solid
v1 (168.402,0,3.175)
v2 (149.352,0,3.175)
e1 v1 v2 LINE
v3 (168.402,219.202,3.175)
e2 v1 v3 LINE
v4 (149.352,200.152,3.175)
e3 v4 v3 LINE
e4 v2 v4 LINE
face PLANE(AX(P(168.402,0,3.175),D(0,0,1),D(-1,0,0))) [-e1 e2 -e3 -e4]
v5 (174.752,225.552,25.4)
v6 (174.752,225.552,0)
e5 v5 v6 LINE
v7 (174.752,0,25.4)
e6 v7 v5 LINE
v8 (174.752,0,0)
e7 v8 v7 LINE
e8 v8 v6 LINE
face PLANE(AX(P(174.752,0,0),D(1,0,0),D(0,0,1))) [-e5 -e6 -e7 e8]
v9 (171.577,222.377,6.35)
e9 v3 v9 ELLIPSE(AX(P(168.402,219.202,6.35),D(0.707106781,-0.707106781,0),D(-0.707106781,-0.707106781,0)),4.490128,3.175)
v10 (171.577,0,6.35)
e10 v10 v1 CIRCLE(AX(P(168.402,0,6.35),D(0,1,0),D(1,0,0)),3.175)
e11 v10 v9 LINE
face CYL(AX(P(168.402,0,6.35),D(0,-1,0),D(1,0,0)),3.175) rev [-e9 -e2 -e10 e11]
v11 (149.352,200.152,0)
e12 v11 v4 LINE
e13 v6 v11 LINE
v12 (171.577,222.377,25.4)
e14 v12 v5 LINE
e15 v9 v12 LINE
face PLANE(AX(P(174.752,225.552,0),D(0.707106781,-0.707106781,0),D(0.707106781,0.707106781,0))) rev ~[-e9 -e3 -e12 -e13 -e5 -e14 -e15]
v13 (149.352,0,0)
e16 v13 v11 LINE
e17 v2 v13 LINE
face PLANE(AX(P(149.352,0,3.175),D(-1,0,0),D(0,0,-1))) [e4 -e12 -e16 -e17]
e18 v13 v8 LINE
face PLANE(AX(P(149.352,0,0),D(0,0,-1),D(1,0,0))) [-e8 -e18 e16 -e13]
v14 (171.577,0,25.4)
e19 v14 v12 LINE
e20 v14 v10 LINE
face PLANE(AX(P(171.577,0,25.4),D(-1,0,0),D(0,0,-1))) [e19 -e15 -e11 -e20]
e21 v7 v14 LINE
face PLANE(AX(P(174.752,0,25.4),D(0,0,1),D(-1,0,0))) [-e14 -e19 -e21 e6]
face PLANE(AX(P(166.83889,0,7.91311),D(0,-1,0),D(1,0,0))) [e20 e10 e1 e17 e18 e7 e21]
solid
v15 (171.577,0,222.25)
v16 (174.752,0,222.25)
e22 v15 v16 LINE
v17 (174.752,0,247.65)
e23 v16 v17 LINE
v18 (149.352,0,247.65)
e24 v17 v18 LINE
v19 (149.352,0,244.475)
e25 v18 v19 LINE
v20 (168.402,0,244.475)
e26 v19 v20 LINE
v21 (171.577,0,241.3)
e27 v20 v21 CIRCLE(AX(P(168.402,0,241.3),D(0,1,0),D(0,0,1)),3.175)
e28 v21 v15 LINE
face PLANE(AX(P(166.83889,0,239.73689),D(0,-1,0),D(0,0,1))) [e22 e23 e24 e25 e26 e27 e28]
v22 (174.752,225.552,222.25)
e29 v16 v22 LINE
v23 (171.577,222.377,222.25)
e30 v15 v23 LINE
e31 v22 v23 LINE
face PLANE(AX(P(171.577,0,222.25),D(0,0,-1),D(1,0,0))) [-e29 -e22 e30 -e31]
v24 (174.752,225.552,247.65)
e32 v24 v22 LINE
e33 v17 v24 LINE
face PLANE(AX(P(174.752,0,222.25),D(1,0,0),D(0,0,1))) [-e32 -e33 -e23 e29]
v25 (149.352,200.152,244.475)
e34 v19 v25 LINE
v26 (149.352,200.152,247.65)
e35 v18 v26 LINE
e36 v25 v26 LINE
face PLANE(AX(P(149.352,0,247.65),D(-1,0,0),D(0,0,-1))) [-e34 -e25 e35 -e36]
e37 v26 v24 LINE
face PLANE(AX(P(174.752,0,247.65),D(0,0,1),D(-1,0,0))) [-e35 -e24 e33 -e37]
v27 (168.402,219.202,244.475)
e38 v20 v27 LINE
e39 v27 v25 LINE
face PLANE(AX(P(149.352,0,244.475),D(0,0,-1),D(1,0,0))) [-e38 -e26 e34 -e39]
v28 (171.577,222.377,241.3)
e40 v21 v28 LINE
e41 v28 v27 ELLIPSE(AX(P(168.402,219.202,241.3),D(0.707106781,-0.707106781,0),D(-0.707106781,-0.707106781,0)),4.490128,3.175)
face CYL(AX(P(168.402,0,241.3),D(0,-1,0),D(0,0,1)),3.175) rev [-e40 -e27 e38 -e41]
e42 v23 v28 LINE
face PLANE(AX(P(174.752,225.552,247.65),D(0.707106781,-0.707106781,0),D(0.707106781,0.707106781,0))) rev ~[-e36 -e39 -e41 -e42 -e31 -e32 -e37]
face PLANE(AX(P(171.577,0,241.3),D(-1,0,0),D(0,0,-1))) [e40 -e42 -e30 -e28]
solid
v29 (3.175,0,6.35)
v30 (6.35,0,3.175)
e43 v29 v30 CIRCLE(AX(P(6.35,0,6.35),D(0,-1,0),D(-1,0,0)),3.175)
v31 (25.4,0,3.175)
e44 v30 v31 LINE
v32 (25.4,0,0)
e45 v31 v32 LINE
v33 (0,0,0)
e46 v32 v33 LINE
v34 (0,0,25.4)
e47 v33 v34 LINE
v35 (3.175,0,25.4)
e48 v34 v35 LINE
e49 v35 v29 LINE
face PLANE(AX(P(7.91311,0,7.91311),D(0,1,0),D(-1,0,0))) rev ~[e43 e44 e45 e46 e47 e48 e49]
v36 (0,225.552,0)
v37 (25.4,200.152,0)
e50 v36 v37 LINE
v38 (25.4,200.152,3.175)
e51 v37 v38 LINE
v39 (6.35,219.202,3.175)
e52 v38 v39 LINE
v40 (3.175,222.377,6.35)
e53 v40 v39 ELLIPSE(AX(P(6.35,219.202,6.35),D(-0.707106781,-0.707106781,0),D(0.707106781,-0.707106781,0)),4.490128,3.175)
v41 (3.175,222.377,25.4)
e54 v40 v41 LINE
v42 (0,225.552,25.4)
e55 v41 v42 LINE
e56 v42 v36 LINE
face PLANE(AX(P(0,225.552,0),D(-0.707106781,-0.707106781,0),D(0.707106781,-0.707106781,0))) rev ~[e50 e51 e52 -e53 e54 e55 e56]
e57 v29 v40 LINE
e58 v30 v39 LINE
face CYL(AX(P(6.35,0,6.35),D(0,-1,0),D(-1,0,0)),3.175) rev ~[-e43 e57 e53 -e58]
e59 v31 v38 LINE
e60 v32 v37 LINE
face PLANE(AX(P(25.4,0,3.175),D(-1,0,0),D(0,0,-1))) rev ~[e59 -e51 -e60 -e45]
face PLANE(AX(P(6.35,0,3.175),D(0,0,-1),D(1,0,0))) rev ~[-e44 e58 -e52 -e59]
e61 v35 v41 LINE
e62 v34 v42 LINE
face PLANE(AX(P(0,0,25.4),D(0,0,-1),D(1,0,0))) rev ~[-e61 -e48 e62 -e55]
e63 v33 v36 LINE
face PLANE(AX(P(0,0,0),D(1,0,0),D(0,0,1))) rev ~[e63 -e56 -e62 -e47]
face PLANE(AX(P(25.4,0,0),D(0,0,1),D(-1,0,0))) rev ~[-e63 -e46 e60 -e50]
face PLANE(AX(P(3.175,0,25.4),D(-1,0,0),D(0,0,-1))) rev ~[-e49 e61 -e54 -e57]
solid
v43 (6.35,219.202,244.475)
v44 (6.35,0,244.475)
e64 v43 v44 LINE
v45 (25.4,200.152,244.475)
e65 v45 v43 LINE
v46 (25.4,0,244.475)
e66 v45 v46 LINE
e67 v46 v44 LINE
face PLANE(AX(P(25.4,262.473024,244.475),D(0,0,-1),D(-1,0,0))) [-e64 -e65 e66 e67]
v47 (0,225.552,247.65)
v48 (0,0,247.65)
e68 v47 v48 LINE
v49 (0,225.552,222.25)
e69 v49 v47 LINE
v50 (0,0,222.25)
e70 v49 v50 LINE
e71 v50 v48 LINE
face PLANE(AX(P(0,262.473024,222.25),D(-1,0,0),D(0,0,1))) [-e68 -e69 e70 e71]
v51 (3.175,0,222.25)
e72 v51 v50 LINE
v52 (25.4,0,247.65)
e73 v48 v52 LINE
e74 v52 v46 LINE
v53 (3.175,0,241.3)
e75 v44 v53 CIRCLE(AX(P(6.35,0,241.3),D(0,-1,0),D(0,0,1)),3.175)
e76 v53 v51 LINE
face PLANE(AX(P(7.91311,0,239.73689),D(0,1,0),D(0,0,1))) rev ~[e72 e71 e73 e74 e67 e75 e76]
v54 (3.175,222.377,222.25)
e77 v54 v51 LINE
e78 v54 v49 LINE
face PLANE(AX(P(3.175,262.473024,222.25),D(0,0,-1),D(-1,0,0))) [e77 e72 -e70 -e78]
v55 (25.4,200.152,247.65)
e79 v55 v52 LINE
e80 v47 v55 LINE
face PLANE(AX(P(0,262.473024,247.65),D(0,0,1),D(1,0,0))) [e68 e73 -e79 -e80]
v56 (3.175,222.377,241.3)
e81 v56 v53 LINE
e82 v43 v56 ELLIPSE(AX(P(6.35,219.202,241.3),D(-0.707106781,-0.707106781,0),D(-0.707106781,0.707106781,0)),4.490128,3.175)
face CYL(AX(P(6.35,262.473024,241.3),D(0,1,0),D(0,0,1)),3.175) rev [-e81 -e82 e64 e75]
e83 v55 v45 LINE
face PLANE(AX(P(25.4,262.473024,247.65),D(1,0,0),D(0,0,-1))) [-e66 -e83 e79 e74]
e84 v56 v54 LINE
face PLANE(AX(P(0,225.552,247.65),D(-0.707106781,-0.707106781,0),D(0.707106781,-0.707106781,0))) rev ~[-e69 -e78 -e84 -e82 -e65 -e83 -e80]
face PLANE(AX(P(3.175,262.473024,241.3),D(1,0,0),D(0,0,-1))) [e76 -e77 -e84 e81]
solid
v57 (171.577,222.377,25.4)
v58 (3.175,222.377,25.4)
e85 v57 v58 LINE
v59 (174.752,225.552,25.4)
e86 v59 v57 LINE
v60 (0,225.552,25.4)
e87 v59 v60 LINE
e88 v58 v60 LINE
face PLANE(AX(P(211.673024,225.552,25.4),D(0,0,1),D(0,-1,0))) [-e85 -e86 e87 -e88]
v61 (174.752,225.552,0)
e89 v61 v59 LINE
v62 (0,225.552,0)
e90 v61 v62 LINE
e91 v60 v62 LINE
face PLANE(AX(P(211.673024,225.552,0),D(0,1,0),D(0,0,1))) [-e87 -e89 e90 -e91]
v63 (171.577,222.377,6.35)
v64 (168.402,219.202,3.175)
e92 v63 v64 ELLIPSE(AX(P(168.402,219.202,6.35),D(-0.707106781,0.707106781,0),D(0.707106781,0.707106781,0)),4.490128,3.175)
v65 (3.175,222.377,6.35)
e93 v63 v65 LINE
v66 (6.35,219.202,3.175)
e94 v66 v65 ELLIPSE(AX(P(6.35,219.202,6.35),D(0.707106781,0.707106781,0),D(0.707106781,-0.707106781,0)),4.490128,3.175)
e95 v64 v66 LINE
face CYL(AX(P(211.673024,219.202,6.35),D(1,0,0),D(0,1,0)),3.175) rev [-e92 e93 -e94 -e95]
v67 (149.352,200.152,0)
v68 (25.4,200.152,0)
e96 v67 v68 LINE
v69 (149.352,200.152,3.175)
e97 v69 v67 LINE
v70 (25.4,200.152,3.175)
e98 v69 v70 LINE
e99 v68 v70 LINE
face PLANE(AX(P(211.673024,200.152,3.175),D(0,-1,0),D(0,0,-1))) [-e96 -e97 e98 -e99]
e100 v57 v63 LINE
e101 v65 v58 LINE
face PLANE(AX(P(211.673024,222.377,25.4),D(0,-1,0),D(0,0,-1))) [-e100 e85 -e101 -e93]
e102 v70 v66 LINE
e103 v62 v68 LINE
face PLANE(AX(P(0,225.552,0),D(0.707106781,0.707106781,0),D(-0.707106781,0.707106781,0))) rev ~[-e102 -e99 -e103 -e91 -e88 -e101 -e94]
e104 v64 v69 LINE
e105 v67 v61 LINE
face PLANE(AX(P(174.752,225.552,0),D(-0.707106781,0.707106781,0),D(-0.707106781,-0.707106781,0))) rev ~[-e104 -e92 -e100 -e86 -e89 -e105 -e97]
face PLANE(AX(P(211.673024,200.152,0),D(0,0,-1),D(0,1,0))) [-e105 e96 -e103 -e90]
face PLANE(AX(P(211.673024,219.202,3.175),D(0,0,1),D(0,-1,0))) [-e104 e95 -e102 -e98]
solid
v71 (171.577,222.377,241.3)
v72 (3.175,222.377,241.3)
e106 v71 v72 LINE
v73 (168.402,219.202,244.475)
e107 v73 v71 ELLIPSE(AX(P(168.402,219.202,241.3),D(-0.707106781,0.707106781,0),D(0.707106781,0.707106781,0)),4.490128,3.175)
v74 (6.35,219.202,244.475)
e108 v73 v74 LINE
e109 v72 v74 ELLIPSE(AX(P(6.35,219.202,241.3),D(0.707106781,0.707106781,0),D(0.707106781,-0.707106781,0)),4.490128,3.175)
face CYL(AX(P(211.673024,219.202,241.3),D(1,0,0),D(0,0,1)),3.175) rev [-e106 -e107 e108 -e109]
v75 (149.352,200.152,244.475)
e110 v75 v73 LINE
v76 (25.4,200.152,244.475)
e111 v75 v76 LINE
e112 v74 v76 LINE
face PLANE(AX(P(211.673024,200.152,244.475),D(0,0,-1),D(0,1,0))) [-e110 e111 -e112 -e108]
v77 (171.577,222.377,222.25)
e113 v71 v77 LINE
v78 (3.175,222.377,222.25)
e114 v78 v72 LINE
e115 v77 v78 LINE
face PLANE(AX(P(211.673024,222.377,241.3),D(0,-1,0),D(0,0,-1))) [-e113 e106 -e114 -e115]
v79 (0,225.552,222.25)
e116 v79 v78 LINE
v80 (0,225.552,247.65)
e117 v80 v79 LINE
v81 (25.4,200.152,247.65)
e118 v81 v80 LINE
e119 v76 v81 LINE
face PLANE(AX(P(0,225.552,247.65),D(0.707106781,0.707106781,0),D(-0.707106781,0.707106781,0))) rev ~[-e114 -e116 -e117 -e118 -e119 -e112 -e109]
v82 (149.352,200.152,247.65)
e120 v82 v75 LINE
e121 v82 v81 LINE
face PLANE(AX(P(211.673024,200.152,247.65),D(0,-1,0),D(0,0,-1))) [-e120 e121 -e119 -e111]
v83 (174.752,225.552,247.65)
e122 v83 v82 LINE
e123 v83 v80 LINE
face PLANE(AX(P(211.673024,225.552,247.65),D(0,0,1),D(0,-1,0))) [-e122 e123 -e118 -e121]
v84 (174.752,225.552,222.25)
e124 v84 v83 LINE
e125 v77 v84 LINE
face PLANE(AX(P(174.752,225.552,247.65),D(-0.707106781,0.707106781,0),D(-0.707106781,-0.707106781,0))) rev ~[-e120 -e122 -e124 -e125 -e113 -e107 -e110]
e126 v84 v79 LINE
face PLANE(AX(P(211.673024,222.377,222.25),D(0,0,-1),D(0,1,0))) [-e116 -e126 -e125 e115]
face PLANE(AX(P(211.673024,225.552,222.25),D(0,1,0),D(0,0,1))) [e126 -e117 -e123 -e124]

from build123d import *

# Parameters (mm, degrees)
NGULO_DE_EXTREMOS_CUADRADOS_AL_LS_AL_LS_DEPTH       = 262.473024484
NGULO_DE_EXTREMOS_CUADRADOS_AL_LS_AL_3_DEPTH        = 248.594048969
NGULO_DE_EXTREMOS_CUADRADOS_AL_LS_AL_5_DEPTH        = 262.473024484
NGULO_DE_EXTREMOS_CUADRADOS_AL_LS_AL_6_DEPTH        = 262.473024484
NGULO_DE_EXTREMOS_CUADRADOS_AL_LS_AL_6_2_DEPTH      = 248.594048969
NGULO_DE_EXTREMOS_CUADRADOS_AL_LS_AL_6_3_DEPTH      = 36.921024484
NGULO_DE_EXTREMOS_CUADRADOS_AL_LS_AL_6_3_DEPTH_BACK = 225.552


with BuildPart() as part:
    # Sketch1 → ngulo de extremos cuadrados al ls AL LS (new body)
    with BuildSketch(Plane.XZ):
        with BuildLine():
            Line((0, 0), (0, 25.4))
            Line((0, 25.4), (3.175, 25.4))
            Line((3.175, 25.4), (3.175, 6.35))
            ThreePointArc((3.175, 6.35), (4.10493597, 4.10493597), (6.35, 3.175))
            Line((6.35, 3.175), (25.4, 3.175))
            Line((25.4, 3.175), (25.4, 0))
            Line((25.4, 0), (0, 0))
        make_face()
    extrude(amount=-NGULO_DE_EXTREMOS_CUADRADOS_AL_LS_AL_LS_DEPTH)

    # ngulo de extremos cuadrados al ls AL 2
    split(bisect_by=Plane(origin=(0, 225.552, 0), x_dir=(0.707106781, -0.707106781, 0), z_dir=(-0.707106781, -0.707106781, 0)), keep=Keep.TOP)


with BuildPart() as body_2:
    # Sketch1 on segment 2 (carried to segment 2) → ngulo de extremos cuadrados al ls AL 3 (new body)
    with BuildSketch(Plane(origin=(211.673024484, 225.552, 0), x_dir=(0, -1, 0), z_dir=(-1, 0, 0))):
        with BuildLine():
            Line((0, 0), (0, 25.4))
            Line((0, 25.4), (3.175, 25.4))
            Line((3.175, 25.4), (3.175, 6.35))
            ThreePointArc((3.175, 6.35), (4.10493597, 4.10493597), (6.35, 3.175))
            Line((6.35, 3.175), (25.4, 3.175))
            Line((25.4, 3.175), (25.4, 0))
            Line((25.4, 0), (0, 0))
        make_face()
    extrude(amount=NGULO_DE_EXTREMOS_CUADRADOS_AL_LS_AL_3_DEPTH)

    # ngulo de extremos cuadrados al ls AL 3 m
    split(bisect_by=Plane(origin=(0, 225.552, 0), x_dir=(-0.707106781, 0.707106781, 0), z_dir=(0.707106781, 0.707106781, 0)), keep=Keep.TOP)

    # ngulo de extremos cuadrados al ls AL 4
    split(bisect_by=Plane(origin=(174.752, 225.552, 0), x_dir=(-0.707106781, -0.707106781, 0), z_dir=(-0.707106781, 0.707106781, 0)), keep=Keep.TOP)


with BuildPart() as body_3:
    # Sketch1 on segment 3 (carried to segment 3) → ngulo de extremos cuadrados al ls AL 5 (new body)
    with BuildSketch(Plane(origin=(174.752, 0, 0), x_dir=(-1, 0, 0), z_dir=(0, 1, 0))):
        with BuildLine():
            Line((0, 0), (0, 25.4))
            Line((0, 25.4), (3.175, 25.4))
            Line((3.175, 25.4), (3.175, 6.35))
            ThreePointArc((3.175, 6.35), (4.10493597, 4.10493597), (6.35, 3.175))
            Line((6.35, 3.175), (25.4, 3.175))
            Line((25.4, 3.175), (25.4, 0))
            Line((25.4, 0), (0, 0))
        make_face()
    extrude(amount=NGULO_DE_EXTREMOS_CUADRADOS_AL_LS_AL_5_DEPTH)

    # ngulo de extremos cuadrados al ls AL 5 m
    split(bisect_by=Plane(origin=(174.752, 225.552, 0), x_dir=(0.707106781, 0.707106781, 0), z_dir=(0.707106781, -0.707106781, 0)), keep=Keep.TOP)


with BuildPart() as body_4:
    # Sketch12 on segment 1 (carried to segment 1) → ngulo de extremos cuadrados al ls AL 6 (new body)
    with BuildSketch(Plane(origin=(0, 262.473024484, 247.65), x_dir=(0, 0, -1), z_dir=(0, -1, 0))):
        with BuildLine():
            Line((0, 0), (0, 25.4))
            Line((0, 25.4), (3.175, 25.4))
            Line((3.175, 25.4), (3.175, 6.35))
            ThreePointArc((3.175, 6.35), (4.10493597, 4.10493597), (6.35, 3.175))
            Line((6.35, 3.175), (25.4, 3.175))
            Line((25.4, 3.175), (25.4, 0))
            Line((25.4, 0), (0, 0))
        make_face()
    extrude(amount=NGULO_DE_EXTREMOS_CUADRADOS_AL_LS_AL_6_DEPTH)

    # ngulo de extremos cuadrados al ls AL 6 m
    split(bisect_by=Plane(origin=(0, 225.552, 247.65), x_dir=(0.707106781, -0.707106781, 0), z_dir=(-0.707106781, -0.707106781, 0)), keep=Keep.TOP)


with BuildPart() as body_5:
    # Sketch12 on segment 2 (carried to segment 2) → ngulo de extremos cuadrados al ls AL 6 2 (new body)
    with BuildSketch(Plane(origin=(211.673024484, 225.552, 247.65), x_dir=(0, 0, -1), z_dir=(-1, 0, 0))):
        with BuildLine():
            Line((0, 0), (0, 25.4))
            Line((0, 25.4), (3.175, 25.4))
            Line((3.175, 25.4), (3.175, 6.35))
            ThreePointArc((3.175, 6.35), (4.10493597, 4.10493597), (6.35, 3.175))
            Line((6.35, 3.175), (25.4, 3.175))
            Line((25.4, 3.175), (25.4, 0))
            Line((25.4, 0), (0, 0))
        make_face()
    extrude(amount=NGULO_DE_EXTREMOS_CUADRADOS_AL_LS_AL_6_2_DEPTH)

    # ngulo de extremos cuadrados al ls AL 7
    split(bisect_by=Plane(origin=(0, 225.552, 247.65), x_dir=(-0.707106781, 0.707106781, 0), z_dir=(0.707106781, 0.707106781, 0)), keep=Keep.TOP)

    # ngulo de extremos cuadrados al ls AL 8
    split(bisect_by=Plane(origin=(174.752, 225.552, 247.65), x_dir=(-0.707106781, -0.707106781, 0), z_dir=(-0.707106781, 0.707106781, 0)), keep=Keep.TOP)


with BuildPart() as body_6:
    # Sketch12 → ngulo de extremos cuadrados al ls AL 6 3 (new, two sides: drawn at the far end of the back side and taken through both)
    with BuildSketch(Plane(origin=(174.752, 225.552, 247.65), x_dir=(0, 0, -1), z_dir=(0, 1, 0)).offset(-NGULO_DE_EXTREMOS_CUADRADOS_AL_LS_AL_6_3_DEPTH_BACK)):
        with BuildLine():
            Line((0, 0), (0, 25.4))
            Line((0, 25.4), (3.175, 25.4))
            Line((3.175, 25.4), (3.175, 6.35))
            ThreePointArc((3.175, 6.35), (4.10493597, 4.10493597), (6.35, 3.175))
            Line((6.35, 3.175), (25.4, 3.175))
            Line((25.4, 3.175), (25.4, 0))
            Line((25.4, 0), (0, 0))
        make_face()
    extrude(amount=NGULO_DE_EXTREMOS_CUADRADOS_AL_LS_AL_6_3_DEPTH + NGULO_DE_EXTREMOS_CUADRADOS_AL_LS_AL_6_3_DEPTH_BACK)

    # ngulo de extremos cuadrados al ls AL 9
    split(bisect_by=Plane(origin=(174.752, 225.552, 247.65), x_dir=(0.707106781, 0.707106781, 0), z_dir=(0.707106781, -0.707106781, 0)), keep=Keep.TOP)


solid = Compound([part.part, body_2.part, body_3.part, body_4.part, body_5.part, body_6.part])
